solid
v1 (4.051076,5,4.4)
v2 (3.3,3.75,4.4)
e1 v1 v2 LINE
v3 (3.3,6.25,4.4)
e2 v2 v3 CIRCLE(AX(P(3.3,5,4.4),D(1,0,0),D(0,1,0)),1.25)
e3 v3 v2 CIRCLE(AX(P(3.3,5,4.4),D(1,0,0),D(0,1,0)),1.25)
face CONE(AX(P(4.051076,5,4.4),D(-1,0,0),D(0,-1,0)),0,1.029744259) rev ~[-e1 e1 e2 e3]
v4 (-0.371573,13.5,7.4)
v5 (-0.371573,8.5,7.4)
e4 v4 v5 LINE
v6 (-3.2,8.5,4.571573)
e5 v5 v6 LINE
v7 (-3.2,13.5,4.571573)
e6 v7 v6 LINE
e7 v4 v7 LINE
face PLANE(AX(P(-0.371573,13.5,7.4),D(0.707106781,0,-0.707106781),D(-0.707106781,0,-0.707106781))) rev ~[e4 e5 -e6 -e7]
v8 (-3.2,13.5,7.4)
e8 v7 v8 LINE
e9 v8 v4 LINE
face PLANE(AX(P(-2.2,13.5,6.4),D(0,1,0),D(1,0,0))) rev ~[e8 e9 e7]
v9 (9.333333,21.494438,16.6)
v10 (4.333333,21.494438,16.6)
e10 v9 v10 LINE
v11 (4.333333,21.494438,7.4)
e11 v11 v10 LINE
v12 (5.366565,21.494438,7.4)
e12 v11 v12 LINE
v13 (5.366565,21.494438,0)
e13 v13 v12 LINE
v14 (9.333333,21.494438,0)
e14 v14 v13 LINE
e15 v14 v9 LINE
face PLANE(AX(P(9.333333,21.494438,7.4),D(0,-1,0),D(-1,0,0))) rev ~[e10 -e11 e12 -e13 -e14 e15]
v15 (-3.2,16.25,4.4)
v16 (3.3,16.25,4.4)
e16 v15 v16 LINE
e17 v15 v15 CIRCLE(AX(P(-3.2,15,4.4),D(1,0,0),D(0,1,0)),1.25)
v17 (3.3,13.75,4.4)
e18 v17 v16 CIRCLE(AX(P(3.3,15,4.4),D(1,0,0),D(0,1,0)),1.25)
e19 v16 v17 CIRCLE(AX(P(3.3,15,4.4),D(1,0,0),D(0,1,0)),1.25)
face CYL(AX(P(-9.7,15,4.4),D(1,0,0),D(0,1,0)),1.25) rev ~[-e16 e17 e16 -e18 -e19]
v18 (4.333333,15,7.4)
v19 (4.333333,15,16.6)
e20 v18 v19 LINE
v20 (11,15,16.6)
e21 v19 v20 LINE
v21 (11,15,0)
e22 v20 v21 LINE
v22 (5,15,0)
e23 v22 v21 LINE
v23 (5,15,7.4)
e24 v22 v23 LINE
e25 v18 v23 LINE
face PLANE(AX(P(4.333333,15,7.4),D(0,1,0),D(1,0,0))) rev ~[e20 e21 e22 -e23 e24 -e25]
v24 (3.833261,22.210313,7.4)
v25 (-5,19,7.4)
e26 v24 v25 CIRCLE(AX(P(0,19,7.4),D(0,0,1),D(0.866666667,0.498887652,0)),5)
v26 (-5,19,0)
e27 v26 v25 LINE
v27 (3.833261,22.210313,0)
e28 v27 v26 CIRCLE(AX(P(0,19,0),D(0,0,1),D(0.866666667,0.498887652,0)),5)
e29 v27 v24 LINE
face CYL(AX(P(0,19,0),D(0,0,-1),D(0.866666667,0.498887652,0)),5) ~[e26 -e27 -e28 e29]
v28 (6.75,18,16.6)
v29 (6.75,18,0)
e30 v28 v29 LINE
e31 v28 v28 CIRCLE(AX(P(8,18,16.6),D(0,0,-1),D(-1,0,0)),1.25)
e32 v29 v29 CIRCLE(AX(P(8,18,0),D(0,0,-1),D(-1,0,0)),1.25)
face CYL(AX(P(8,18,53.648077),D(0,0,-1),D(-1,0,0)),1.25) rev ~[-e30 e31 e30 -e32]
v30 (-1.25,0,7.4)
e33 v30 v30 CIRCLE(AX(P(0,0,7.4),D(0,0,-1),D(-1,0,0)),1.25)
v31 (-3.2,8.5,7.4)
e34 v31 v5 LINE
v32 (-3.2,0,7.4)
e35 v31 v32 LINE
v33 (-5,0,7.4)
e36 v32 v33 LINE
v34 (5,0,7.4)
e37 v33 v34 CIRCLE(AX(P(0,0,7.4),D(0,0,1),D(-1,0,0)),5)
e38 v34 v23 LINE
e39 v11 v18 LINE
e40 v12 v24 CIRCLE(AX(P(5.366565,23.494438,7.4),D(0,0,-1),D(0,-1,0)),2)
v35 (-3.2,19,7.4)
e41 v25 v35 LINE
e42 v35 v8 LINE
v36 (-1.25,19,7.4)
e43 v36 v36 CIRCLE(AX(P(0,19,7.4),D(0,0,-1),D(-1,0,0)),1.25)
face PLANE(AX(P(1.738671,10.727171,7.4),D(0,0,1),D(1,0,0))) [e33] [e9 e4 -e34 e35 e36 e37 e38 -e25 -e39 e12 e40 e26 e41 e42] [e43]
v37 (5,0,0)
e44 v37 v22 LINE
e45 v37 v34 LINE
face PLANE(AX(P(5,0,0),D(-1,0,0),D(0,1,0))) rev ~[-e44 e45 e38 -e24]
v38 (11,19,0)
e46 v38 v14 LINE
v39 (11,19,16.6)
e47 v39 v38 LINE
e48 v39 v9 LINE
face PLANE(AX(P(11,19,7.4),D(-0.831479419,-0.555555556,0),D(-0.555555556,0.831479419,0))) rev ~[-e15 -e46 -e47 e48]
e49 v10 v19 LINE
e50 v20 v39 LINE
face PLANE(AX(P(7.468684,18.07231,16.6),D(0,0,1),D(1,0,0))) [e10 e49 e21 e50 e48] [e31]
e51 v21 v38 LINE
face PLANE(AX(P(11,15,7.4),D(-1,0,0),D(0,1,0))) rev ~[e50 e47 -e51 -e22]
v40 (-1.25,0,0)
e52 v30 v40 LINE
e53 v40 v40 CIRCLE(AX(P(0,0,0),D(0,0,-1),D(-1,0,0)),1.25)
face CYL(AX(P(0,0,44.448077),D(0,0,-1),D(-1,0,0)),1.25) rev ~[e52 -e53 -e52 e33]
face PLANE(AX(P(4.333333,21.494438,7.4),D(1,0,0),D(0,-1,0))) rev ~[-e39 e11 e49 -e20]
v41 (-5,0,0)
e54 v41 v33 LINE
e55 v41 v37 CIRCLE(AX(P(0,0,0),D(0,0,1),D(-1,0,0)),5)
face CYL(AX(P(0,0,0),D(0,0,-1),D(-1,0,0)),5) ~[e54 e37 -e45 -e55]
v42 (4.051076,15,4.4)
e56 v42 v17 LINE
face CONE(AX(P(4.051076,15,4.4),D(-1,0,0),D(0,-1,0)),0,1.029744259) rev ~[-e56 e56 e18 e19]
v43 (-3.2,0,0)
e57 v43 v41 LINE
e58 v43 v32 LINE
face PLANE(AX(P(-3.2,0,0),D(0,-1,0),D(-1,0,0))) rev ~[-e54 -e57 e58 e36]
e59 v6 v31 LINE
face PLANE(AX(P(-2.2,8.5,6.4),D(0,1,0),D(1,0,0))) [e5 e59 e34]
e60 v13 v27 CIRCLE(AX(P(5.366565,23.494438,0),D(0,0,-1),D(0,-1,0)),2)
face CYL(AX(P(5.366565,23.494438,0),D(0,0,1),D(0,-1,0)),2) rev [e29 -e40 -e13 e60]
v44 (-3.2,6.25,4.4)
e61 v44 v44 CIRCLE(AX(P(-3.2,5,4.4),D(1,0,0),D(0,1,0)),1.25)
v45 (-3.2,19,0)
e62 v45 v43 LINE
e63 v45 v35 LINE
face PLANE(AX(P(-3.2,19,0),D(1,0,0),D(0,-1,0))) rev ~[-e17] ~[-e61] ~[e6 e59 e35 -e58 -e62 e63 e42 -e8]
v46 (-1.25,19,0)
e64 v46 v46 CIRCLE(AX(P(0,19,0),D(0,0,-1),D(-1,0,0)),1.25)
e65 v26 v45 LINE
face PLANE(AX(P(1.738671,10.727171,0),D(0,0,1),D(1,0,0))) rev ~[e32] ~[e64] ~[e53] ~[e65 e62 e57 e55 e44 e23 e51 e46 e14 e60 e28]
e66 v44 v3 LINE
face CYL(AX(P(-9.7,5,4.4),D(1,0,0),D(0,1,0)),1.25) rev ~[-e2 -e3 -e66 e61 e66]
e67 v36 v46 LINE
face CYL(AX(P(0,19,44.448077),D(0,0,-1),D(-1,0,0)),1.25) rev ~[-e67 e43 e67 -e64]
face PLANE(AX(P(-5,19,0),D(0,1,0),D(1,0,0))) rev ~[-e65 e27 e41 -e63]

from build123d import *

# Parameters (mm, degrees)
EXTRUDE_1_DEPTH        = 7.4
EXTRUDE_2_DEPTH        = 9.2
HOLE_WIZARD_M3_1_D     = 2.5
HOLE_WIZARD_M3_1_DEPTH = 6.5
HOLE_WIZARD_M3_1_TIP   = 0.751075774
HOLE_WIZARD_M3_3_D     = 2.5
FILLET_1_R             = 2
CUT_EXTRUDE_1_DEPTH    = 5
HOLE_WIZARD_M3_5_D     = 2.5


with BuildPart() as part:
    # 草图1 → 凸台-拉伸1 (new body)
    with BuildSketch(Plane.XY):
        with BuildLine():
            Line((-3.2, 19), (-3.2, 0))
            Line((-3.2, 0), (-5, 0))
            ThreePointArc((-5, 0), (0, -5), (5, 0))
            Line((5, 0), (5, 4))
            Line((5, 4), (5, 15))
            Line((5, 15), (11, 15))
            Line((11, 15), (11, 19))
            Line((11, 19), (9.333333333, 21.494438258))
            Line((9.333333333, 21.494438258), (4.333333333, 21.494438258))
            ThreePointArc((4.333333333, 21.494438258), (-1.290994449, 23.830458915), (-5, 19))
            Line((-5, 19), (-3.2, 19))
        make_face()
    extrude(amount=EXTRUDE_1_DEPTH)

    # 草图2 → 凸台-拉伸2 (add)
    with BuildSketch(Plane.XY.offset(7.4)):
        Polygon((11, 19), (9.333333333, 21.494438258), (4.333333333, 21.494438258), (4.333333333, 15), (5, 15), (11, 15), align=None)
    extrude(amount=EXTRUDE_2_DEPTH)

    # M3 螺纹孔1
    with Locations(Plane(origin=(-3.2, 15, 4.4), x_dir=(0, -1, 0), z_dir=(-1, 0, 0))):
        with Locations((0, 0), (10, 0)):
            Hole(HOLE_WIZARD_M3_1_D / 2, depth=HOLE_WIZARD_M3_1_DEPTH)
            with Locations((0, 0, -(HOLE_WIZARD_M3_1_DEPTH + HOLE_WIZARD_M3_1_TIP / 2))):  # 118° drill point
                Cone(0, HOLE_WIZARD_M3_1_D / 2, HOLE_WIZARD_M3_1_TIP, mode=Mode.SUBTRACT)

    # M3 螺纹孔3 (through all)
    with Locations(Plane.XY.offset(7.4)):
        with Locations((0, 0), (0, 19)):
            Hole(HOLE_WIZARD_M3_3_D / 2)

    # 圆角1
    fillet_1_edges = [part.edges().sort_by_distance(p)[0] for p in [
        (4.333333333, 21.494438258, 3.7),
    ]]
    fillet(fillet_1_edges, radius=FILLET_1_R)

    # 草图10 → 切除-拉伸1 (cut)
    with BuildSketch(Plane(origin=(0, 13.5, 0), x_dir=(1, 0, 0), z_dir=(0, 1, 0))):
        Polygon((-3.2, -7.4), (-0.371572875, -7.4), (-3.2, -4.571572875), align=None)
    extrude(amount=-CUT_EXTRUDE_1_DEPTH, mode=Mode.SUBTRACT)

    # M3 螺纹孔5 (through all)
    with Locations(Plane(origin=(8, 18, 16.6), x_dir=(1, 0, 0), z_dir=(0, 0, 1))):
        with Locations((0, 0)):
            Hole(HOLE_WIZARD_M3_5_D / 2)


solid = part.part
